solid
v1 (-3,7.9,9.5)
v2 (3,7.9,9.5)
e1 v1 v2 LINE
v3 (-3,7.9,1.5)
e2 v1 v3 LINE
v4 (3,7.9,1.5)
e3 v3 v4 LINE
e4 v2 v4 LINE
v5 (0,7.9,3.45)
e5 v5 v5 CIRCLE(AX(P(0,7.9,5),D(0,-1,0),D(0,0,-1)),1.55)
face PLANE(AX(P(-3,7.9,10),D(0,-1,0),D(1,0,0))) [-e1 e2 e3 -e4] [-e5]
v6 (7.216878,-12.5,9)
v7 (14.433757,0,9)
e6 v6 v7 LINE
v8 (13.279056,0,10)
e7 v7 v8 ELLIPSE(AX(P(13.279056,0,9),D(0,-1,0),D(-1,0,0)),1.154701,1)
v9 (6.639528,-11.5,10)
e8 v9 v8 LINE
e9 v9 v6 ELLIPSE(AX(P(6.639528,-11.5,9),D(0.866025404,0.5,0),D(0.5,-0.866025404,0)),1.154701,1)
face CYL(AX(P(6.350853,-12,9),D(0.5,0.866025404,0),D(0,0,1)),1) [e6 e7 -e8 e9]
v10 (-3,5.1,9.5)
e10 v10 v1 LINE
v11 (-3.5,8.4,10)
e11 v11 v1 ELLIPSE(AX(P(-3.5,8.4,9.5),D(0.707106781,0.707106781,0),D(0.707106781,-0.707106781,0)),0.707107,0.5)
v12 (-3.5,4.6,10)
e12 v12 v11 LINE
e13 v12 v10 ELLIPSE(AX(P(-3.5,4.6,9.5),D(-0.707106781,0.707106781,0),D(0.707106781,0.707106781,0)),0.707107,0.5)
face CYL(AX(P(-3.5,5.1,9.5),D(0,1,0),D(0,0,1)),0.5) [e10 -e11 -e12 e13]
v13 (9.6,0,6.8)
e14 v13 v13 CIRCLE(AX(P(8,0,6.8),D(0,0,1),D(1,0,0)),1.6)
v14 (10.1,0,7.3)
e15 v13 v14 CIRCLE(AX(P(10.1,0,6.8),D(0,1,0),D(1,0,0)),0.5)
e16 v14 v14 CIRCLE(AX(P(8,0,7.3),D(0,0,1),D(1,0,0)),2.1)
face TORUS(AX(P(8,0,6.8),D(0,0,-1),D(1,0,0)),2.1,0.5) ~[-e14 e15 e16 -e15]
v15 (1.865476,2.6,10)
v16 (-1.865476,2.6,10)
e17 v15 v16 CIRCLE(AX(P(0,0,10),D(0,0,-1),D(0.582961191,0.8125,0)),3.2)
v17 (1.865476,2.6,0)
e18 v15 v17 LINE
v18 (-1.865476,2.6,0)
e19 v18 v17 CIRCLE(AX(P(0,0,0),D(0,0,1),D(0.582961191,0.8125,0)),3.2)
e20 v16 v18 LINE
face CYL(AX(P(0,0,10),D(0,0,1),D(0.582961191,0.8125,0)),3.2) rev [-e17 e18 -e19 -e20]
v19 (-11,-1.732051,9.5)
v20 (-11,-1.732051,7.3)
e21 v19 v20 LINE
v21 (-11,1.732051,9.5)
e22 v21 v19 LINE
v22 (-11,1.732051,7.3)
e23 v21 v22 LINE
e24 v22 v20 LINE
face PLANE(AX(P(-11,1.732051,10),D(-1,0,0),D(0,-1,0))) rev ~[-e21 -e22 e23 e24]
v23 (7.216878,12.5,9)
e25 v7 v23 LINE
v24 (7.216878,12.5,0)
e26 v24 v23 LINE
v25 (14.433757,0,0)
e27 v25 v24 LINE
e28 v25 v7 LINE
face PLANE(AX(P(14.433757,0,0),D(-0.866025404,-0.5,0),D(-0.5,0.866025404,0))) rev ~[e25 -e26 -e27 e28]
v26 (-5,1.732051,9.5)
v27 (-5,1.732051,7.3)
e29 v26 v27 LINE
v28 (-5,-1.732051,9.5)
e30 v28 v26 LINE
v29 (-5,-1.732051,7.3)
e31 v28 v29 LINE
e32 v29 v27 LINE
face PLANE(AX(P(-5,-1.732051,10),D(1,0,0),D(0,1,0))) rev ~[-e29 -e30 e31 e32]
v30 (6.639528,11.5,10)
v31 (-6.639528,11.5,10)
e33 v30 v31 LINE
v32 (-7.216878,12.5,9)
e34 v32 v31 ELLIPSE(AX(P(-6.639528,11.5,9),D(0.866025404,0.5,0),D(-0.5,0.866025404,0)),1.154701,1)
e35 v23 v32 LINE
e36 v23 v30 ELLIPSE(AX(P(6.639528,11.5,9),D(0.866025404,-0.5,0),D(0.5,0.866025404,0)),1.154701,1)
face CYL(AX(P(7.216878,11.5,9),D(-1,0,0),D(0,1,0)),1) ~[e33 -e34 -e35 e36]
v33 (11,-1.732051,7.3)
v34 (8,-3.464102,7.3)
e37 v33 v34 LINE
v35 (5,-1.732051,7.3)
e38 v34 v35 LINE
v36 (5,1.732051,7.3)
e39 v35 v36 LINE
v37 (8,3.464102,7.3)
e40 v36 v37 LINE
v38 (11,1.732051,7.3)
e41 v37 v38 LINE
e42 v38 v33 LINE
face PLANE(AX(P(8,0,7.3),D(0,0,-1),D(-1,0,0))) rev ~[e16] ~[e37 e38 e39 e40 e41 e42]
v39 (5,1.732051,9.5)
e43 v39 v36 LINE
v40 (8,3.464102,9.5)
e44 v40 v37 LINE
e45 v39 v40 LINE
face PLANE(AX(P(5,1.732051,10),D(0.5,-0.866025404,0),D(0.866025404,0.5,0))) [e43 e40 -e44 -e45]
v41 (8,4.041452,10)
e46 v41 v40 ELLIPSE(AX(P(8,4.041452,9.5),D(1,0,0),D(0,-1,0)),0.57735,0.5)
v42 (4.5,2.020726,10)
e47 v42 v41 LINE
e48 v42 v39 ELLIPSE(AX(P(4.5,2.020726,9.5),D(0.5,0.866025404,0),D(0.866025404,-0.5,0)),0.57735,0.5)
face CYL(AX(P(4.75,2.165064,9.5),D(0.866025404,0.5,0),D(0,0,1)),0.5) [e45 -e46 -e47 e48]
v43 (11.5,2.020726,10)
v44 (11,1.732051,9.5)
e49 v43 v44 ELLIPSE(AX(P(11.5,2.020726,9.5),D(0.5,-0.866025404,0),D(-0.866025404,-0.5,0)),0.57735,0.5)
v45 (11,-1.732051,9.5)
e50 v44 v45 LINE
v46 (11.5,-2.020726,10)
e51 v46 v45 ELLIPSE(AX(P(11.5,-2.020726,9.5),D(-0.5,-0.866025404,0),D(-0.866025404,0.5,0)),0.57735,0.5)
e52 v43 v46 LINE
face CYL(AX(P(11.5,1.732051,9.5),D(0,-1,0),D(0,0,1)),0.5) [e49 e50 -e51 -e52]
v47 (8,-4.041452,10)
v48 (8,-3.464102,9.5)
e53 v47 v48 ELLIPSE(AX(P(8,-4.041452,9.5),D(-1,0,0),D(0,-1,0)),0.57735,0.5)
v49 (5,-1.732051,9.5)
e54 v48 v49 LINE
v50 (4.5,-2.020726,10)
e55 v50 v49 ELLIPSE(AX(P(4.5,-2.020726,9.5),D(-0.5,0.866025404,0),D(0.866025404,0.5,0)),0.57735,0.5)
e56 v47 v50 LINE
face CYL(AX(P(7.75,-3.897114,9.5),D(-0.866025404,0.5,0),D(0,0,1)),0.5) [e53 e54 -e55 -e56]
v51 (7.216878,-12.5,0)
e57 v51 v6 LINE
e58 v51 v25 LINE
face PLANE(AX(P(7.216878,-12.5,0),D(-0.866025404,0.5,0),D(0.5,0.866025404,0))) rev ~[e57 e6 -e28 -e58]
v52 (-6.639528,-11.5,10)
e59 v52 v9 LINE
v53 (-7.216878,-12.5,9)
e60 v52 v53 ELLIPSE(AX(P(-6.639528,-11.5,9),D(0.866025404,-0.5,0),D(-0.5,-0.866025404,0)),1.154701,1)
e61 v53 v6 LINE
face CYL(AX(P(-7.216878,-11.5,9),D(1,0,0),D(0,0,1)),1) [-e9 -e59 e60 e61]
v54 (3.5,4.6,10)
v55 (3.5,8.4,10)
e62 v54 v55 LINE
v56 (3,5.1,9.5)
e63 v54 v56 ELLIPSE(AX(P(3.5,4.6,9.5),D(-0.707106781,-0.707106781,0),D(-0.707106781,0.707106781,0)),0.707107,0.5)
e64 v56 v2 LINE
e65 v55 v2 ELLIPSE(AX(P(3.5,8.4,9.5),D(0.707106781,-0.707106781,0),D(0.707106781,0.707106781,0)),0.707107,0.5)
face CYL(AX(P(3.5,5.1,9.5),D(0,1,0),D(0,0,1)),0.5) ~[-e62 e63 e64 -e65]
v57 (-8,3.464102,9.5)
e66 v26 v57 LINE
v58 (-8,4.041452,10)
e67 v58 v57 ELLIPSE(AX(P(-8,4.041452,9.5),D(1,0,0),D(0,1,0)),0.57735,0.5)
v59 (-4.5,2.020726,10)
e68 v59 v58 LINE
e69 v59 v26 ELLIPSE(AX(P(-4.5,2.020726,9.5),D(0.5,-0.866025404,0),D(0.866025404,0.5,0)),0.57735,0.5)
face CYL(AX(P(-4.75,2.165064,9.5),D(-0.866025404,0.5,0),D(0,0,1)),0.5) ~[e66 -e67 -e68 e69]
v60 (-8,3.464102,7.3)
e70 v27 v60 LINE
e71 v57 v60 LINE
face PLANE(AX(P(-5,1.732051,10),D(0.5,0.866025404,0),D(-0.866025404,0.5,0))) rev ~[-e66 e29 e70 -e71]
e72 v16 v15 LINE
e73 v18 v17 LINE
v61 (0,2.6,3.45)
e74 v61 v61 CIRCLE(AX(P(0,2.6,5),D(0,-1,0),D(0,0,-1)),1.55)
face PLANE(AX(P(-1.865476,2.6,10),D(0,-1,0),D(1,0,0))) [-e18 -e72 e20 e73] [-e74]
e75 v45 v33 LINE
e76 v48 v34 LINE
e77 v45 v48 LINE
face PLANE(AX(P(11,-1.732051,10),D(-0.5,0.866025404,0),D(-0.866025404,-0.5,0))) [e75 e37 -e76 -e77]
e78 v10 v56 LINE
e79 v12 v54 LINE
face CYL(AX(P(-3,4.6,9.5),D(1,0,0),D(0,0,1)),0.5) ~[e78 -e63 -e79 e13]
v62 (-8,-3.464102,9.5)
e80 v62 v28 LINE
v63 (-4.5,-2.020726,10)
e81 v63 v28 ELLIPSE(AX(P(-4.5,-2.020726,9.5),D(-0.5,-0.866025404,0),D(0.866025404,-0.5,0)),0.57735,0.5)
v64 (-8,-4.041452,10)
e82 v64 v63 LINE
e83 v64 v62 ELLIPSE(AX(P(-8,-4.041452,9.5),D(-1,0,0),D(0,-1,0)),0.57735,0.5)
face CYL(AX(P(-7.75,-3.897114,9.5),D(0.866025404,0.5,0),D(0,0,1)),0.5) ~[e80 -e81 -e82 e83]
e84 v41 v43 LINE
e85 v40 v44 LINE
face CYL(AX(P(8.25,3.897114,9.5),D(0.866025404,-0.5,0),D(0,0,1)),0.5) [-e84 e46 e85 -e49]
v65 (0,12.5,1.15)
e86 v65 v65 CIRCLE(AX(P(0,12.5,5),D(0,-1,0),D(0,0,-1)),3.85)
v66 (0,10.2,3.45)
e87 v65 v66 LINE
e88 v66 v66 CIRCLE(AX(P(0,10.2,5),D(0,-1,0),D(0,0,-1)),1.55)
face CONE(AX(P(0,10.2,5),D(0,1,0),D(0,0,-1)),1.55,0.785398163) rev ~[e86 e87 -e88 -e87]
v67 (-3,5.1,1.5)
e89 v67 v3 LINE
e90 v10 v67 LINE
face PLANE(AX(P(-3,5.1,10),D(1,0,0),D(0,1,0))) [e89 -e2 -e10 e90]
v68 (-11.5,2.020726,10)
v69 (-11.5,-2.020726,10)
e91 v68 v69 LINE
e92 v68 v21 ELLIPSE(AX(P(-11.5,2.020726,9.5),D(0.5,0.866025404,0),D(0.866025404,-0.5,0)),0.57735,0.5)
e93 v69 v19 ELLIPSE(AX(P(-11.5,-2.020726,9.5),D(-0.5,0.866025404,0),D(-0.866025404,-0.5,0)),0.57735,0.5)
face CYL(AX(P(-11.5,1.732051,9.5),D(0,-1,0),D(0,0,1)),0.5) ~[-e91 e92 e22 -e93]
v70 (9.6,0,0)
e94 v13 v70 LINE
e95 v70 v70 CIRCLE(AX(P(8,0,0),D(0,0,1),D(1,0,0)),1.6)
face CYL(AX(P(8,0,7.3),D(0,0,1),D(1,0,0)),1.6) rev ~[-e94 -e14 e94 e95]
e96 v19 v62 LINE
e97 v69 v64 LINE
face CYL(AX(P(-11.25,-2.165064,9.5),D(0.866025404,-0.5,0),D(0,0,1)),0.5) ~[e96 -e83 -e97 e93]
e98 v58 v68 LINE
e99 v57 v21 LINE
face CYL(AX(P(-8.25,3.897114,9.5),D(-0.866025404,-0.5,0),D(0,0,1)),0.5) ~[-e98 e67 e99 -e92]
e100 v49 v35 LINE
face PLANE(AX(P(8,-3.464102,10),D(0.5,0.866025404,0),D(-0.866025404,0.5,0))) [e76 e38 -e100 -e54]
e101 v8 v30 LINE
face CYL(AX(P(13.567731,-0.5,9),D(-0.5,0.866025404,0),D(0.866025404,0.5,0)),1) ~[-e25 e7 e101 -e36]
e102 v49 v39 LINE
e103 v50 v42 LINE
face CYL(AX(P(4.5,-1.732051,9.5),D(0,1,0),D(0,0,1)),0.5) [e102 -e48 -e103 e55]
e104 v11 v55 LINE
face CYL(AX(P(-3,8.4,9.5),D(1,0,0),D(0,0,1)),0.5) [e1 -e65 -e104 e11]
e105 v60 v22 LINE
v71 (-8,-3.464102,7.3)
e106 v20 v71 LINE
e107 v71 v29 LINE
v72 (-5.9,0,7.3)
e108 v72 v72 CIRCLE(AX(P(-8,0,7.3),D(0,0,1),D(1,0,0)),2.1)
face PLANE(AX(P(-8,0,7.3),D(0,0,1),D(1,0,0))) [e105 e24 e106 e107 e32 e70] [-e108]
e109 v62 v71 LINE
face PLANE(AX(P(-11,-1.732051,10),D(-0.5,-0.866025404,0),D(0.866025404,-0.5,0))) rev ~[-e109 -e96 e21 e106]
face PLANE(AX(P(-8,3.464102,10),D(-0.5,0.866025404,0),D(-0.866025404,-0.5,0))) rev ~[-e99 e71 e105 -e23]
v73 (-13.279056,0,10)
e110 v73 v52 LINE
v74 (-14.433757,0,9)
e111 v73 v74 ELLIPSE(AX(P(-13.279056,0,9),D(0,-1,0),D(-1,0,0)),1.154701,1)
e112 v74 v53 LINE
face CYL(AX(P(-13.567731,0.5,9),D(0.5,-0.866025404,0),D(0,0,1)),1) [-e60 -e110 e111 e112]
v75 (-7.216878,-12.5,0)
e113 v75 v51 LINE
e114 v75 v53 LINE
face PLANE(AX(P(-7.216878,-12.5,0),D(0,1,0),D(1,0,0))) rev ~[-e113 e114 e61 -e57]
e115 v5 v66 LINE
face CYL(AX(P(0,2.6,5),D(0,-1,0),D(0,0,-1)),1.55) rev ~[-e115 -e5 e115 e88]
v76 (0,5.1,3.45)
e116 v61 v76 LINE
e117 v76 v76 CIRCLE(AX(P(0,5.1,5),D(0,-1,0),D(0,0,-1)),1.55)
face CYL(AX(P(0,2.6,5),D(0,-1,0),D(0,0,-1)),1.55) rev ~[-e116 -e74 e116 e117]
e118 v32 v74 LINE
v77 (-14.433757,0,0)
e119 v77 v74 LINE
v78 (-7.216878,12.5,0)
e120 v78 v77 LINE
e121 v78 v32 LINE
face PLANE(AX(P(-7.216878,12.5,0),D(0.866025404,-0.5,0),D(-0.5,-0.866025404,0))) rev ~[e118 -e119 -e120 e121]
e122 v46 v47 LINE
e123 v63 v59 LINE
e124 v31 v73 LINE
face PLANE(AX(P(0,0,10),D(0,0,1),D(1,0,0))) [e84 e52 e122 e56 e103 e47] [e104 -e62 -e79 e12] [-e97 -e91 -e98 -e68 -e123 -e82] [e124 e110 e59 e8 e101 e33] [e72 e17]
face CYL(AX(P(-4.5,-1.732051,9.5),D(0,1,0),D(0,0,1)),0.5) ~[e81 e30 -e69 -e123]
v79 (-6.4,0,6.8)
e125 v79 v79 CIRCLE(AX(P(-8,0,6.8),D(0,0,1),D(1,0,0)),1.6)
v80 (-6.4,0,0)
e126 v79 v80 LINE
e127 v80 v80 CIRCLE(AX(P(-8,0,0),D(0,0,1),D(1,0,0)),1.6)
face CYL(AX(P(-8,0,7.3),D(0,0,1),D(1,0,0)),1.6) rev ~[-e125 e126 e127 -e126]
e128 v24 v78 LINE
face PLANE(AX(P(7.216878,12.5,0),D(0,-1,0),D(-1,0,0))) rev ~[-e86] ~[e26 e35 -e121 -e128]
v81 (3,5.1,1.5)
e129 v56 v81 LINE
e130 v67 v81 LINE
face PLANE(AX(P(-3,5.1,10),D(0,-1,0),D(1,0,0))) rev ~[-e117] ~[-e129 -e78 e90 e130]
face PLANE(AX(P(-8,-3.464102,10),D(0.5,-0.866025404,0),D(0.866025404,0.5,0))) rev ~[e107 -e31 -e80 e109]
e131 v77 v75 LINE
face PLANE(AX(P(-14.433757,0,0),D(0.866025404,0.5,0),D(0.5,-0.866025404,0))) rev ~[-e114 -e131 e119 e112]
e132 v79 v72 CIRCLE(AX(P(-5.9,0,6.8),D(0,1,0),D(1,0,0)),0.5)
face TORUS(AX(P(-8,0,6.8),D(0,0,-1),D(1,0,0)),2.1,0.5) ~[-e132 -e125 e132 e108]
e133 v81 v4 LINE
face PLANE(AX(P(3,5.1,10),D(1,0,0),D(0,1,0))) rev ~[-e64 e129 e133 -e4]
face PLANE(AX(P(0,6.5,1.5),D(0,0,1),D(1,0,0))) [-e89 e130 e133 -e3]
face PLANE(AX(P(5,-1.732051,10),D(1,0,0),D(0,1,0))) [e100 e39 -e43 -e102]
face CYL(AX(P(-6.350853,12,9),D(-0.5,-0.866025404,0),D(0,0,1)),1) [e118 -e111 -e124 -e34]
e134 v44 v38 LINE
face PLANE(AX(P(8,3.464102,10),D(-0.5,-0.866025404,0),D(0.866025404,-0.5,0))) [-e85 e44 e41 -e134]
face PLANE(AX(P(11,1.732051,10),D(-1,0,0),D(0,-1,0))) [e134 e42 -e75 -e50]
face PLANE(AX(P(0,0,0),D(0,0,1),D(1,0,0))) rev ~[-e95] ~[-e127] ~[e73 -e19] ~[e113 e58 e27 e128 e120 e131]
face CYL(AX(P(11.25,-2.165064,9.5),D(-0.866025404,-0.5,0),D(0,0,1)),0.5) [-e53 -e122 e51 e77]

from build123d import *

# Parameters (mm, degrees)
EXTRUDE_1_DEPTH     = 10
CUT_EXTRUDE_1_DEPTH = 22.554195261
SKETCH_3_R          = 1.55
CUT_EXTRUDE_2_DEPTH = 9.9
CHAMFER_1_SIZE      = 2.3
SKETCH_4_W          = 6
SKETCH_4_H          = 2.8
CUT_EXTRUDE_3_DEPTH = 8.5
FILLET_1_R          = 1
CUT_EXTRUDE_4_DEPTH = 2.7
SKETCH_6_R          = 1.6
CUT_EXTRUDE_5_DEPTH = 7.3
FILLET_2_R          = 0.5


with BuildPart() as part:
    # Эскиз1 → Бобышка-Вытянуть1 (new body)
    with BuildSketch(Plane.XY):
        Polygon((7.216878365, -12.5), (14.43375673, 0), (7.216878365, 12.5), (-7.216878365, 12.5), (-14.43375673, 0), (-7.216878365, -12.5), align=None)
    extrude(amount=EXTRUDE_1_DEPTH)

    # Эскиз2 → Вырез-Вытянуть1 (cut, through all)
    with BuildSketch(Plane.XY.offset(10)):
        with BuildLine():
            Line((-1.865475811, 2.6), (1.865475811, 2.6))
            ThreePointArc((1.865475811, 2.6), (0, -3.2), (-1.865475811, 2.6))
        make_face()
    extrude(amount=-CUT_EXTRUDE_1_DEPTH, mode=Mode.SUBTRACT)

    # Эскиз3 → Вырез-Вытянуть2 (cut)
    with BuildSketch(Plane.XZ.offset(-2.6)):
        with Locations(Location((0, 5, 0), (0, 0, 270))):
            Circle(SKETCH_3_R)
    extrude(amount=-CUT_EXTRUDE_2_DEPTH, mode=Mode.SUBTRACT)

    # Фаска1
    chamfer_1_edges = [part.edges().sort_by_distance(p)[0] for p in [
        (0, 12.5, 6.55),
    ]]
    chamfer(chamfer_1_edges, length=CHAMFER_1_SIZE)

    # Эскиз4 → Вырез-Вытянуть3 (cut)
    with BuildSketch(Plane.XY.offset(10)):
        with Locations((0, 6.5)):
            Rectangle(SKETCH_4_W, SKETCH_4_H)
    extrude(amount=-CUT_EXTRUDE_3_DEPTH, mode=Mode.SUBTRACT)

    # Скругление1
    fillet_1_edges = [part.edges().sort_by_distance(p)[0] for p in [
        (10.825317547, 6.25, 10),
        (0, 12.5, 10),
        (-10.825317547, 6.25, 10),
        (-10.825317547, -6.25, 10),
        (0, -12.5, 10),
        (10.825317547, -6.25, 10),
    ]]
    fillet(fillet_1_edges, radius=FILLET_1_R)

    # Эскиз5 → Вырез-Вытянуть4 (cut)
    with BuildSketch(Plane.XY.offset(10)):
        Polygon((-11, -1.732050808), (-8, -3.464101615), (-5, -1.732050808), (-5, 1.732050808), (-8, 3.464101615), (-11, 1.732050808), align=None)
        Polygon((8, -3.464101615), (5, -1.732050808), (5, 1.732050808), (8, 3.464101615), (11, 1.732050808), (11, -1.732050808), align=None)
    extrude(amount=-CUT_EXTRUDE_4_DEPTH, mode=Mode.SUBTRACT)

    # Эскиз6 → Вырез-Вытянуть5 (cut)
    with BuildSketch(Plane.XY.offset(7.3)):
        with Locations((-8, 0)):
            Circle(SKETCH_6_R)
        with Locations((8, 0)):
            Circle(SKETCH_6_R)
    extrude(amount=-CUT_EXTRUDE_5_DEPTH, mode=Mode.SUBTRACT)

    # Скругление2
    fillet_2_edges = [part.edges().sort_by_distance(p)[0] for p in [
        (-9.6, 0, 7.3),
        (6.4, 0, 7.3),
        (3, 6.5, 10),
        (0, 7.9, 10),
        (-3, 6.5, 10),
        (0, 5.1, 10),
        (9.5, -2.598076211, 10),
        (11, 0, 10),
        (9.5, 2.598076211, 10),
        (6.5, 2.598076211, 10),
        (5, 0, 10),
        (6.5, -2.598076211, 10),
        (-11, 0, 10),
        (-9.5, -2.598076211, 10),
        (-6.5, -2.598076211, 10),
        (-5, 0, 10),
        (-6.5, 2.598076211, 10),
        (-9.5, 2.598076211, 10),
    ]]
    fillet(fillet_2_edges, radius=FILLET_2_R)


solid = part.part
